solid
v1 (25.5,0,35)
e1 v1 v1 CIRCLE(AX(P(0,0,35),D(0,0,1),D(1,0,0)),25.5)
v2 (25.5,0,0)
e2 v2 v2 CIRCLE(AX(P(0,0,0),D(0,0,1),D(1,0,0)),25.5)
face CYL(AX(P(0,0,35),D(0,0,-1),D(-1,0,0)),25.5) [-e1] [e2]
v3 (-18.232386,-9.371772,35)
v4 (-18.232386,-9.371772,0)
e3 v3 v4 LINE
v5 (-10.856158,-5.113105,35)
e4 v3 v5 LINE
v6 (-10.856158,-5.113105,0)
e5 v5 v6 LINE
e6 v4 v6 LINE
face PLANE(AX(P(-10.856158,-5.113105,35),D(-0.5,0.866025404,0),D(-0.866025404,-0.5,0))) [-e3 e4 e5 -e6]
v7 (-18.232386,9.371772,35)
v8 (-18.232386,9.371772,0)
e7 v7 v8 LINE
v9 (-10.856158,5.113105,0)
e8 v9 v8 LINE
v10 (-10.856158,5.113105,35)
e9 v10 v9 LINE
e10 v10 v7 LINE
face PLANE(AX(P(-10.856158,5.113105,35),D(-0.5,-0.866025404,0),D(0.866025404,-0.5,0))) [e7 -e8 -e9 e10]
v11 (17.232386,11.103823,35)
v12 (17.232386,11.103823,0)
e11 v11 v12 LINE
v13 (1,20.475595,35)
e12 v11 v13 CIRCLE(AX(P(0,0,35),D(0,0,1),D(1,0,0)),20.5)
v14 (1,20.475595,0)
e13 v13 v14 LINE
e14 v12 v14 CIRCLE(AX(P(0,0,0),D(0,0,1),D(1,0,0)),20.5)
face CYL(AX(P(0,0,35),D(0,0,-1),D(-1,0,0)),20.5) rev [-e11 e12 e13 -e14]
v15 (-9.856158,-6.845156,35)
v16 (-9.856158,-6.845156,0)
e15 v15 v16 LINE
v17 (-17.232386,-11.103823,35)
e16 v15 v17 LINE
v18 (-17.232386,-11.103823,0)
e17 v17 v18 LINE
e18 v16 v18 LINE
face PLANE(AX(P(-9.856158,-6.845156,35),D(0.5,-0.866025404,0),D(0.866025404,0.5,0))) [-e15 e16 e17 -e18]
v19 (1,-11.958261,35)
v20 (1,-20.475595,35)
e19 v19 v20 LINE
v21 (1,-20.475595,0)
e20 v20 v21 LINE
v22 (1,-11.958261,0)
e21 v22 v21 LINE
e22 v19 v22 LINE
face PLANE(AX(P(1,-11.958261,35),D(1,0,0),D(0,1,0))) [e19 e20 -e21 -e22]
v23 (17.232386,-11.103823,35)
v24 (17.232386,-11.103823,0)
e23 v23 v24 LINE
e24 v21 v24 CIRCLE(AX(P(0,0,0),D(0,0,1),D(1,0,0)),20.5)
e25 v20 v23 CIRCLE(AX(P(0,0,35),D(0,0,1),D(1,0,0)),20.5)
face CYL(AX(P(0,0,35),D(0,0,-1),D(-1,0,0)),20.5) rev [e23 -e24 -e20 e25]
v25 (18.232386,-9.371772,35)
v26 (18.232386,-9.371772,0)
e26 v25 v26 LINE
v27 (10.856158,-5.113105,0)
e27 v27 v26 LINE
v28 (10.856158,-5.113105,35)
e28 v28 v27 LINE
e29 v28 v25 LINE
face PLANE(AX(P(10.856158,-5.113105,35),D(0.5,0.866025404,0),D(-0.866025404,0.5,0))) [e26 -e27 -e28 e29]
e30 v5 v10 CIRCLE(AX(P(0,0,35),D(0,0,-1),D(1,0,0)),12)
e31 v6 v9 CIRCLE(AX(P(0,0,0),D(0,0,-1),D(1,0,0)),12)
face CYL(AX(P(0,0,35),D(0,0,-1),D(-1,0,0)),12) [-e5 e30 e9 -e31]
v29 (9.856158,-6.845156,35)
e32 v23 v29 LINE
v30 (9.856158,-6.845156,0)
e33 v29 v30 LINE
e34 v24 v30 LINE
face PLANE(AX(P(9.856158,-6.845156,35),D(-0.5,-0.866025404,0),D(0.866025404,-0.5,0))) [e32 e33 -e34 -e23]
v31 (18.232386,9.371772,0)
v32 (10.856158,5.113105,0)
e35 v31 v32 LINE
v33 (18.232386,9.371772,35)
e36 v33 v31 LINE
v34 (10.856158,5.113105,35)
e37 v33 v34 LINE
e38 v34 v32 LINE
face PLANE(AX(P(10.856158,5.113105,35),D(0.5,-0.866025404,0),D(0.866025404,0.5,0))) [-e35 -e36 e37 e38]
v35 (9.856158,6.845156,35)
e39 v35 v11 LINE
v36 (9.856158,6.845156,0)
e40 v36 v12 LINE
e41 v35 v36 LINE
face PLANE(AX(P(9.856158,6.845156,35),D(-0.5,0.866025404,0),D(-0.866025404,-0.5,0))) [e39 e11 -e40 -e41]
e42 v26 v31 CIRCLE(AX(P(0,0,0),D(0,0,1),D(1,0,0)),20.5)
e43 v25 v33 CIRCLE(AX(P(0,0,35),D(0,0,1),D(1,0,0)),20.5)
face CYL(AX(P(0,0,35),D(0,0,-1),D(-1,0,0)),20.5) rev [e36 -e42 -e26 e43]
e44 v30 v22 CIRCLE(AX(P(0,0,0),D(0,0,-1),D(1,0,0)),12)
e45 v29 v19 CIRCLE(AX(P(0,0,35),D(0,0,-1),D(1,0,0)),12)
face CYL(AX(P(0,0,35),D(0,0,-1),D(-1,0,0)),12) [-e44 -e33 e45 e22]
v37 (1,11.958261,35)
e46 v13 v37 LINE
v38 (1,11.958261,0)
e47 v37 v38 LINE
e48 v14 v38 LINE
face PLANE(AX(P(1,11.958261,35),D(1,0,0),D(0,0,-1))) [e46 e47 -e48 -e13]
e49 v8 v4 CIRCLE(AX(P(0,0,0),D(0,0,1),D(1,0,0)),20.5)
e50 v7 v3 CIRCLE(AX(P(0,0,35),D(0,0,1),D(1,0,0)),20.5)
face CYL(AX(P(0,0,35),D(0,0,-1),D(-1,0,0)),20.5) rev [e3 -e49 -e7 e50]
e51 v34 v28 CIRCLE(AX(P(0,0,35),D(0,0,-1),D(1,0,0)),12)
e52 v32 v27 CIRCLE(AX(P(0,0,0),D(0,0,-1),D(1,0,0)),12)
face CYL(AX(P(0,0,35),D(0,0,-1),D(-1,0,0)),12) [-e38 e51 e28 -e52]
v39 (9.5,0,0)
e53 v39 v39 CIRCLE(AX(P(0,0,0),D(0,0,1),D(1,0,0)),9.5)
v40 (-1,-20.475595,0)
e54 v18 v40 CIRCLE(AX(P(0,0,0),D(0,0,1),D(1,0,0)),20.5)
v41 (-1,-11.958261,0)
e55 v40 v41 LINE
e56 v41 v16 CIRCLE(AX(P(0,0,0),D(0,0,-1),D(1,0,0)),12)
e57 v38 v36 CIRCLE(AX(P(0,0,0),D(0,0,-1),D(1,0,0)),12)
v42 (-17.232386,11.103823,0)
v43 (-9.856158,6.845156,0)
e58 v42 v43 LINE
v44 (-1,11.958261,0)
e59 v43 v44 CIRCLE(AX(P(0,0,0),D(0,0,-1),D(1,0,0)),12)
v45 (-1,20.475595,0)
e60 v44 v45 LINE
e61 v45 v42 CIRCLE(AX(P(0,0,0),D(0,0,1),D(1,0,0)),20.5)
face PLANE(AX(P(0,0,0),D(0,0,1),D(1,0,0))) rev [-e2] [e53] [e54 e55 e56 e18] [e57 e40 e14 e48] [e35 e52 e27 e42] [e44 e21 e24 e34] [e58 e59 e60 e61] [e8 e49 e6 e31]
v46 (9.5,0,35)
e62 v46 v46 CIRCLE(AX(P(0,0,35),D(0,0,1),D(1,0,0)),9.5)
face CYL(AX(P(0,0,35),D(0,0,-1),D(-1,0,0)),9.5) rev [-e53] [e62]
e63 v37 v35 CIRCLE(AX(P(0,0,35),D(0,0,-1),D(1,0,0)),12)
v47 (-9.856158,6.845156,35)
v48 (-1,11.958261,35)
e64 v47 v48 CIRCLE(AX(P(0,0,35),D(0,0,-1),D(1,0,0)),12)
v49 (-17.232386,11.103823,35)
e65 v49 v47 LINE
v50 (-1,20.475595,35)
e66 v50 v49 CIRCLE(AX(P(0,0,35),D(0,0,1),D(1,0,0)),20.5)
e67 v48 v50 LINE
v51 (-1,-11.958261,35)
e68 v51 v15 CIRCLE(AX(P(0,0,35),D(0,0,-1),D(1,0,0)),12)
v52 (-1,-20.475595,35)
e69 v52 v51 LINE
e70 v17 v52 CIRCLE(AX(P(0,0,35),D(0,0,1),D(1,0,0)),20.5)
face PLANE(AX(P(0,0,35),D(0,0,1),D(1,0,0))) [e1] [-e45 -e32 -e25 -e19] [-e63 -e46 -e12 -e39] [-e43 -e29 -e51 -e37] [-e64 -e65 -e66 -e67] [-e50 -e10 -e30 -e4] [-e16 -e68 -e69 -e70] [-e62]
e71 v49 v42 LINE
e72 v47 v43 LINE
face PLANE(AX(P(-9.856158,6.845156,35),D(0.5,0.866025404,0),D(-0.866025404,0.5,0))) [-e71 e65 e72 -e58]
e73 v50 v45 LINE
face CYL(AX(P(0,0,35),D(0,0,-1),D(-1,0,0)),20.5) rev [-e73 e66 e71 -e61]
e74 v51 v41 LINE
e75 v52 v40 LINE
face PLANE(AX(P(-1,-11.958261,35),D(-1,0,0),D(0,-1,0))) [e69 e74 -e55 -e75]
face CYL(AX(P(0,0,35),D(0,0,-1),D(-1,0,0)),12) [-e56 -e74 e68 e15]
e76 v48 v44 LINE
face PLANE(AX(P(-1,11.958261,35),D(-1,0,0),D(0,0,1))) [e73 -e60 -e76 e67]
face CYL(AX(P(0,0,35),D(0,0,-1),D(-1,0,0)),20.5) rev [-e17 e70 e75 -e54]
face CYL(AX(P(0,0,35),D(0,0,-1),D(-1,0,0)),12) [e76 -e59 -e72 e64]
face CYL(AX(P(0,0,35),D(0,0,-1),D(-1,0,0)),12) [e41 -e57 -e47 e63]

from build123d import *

# Parameters (mm, degrees)
ESQUISSE1_R      = 25.5
ESQUISSE1_R_2    = 9.5
EXTRUSION1_DEPTH = 35


with BuildPart() as part:
    # Esquisse1 → Extrusion1 (new body)
    with BuildSketch(Plane.XY):
        Circle(ESQUISSE1_R)
        Circle(ESQUISSE1_R_2, mode=Mode.SUBTRACT)
        with BuildLine():
            Line((10.856157589, 5.113104968), (18.232385626, 9.371772211))
            ThreePointArc((18.232385626, 9.371772211), (20.5, 0), (18.232385626, -9.371772211))
            Line((18.232385626, -9.371772211), (10.856157589, -5.113104968))
            ThreePointArc((10.856157589, -5.113104968), (12, 0), (10.856157589, 5.113104968))
        make_face(mode=Mode.SUBTRACT)
        with BuildLine():
            Line((9.856157589, 6.845155775), (17.232385626, 11.103823019))
            ThreePointArc((17.232385626, 11.103823019), (10.25, 17.753520778), (1, 20.475595229))
            Line((1, 20.475595229), (1, 11.958260743))
            ThreePointArc((1, 11.958260743), (6, 10.392304845), (9.856157589, 6.845155775))
        make_face(mode=Mode.SUBTRACT)
        with BuildLine():
            Line((9.856157589, -6.845155775), (17.232385626, -11.103823019))
            ThreePointArc((17.232385626, -11.103823019), (10.25, -17.753520778), (1, -20.475595229))
            Line((1, -20.475595229), (1, -11.958260743))
            ThreePointArc((1, -11.958260743), (6, -10.392304845), (9.856157589, -6.845155775))
        make_face(mode=Mode.SUBTRACT)
        with BuildLine():
            Line((-1, 11.958260743), (-1, 20.475595229))
            ThreePointArc((-1, 20.475595229), (-10.25, 17.753520778), (-17.232385626, 11.103823019))
            Line((-17.232385626, 11.103823019), (-9.856157589, 6.845155775))
            ThreePointArc((-9.856157589, 6.845155775), (-6, 10.392304845), (-1, 11.958260743))
        make_face(mode=Mode.SUBTRACT)
        with BuildLine():
            Line((-1, -11.958260743), (-1, -20.475595229))
            ThreePointArc((-1, -20.475595229), (-10.25, -17.753520778), (-17.232385626, -11.103823019))
            Line((-17.232385626, -11.103823019), (-9.856157589, -6.845155775))
            ThreePointArc((-9.856157589, -6.845155775), (-6, -10.392304845), (-1, -11.958260743))
        make_face(mode=Mode.SUBTRACT)
        with BuildLine():
            Line((-10.856157589, -5.113104968), (-18.232385626, -9.371772211))
            ThreePointArc((-18.232385626, -9.371772211), (-20.5, 0), (-18.232385626, 9.371772211))
            Line((-18.232385626, 9.371772211), (-10.856157589, 5.113104968))
            ThreePointArc((-10.856157589, 5.113104968), (-12, 0), (-10.856157589, -5.113104968))
        make_face(mode=Mode.SUBTRACT)
    extrude(amount=EXTRUSION1_DEPTH)


solid = part.part
